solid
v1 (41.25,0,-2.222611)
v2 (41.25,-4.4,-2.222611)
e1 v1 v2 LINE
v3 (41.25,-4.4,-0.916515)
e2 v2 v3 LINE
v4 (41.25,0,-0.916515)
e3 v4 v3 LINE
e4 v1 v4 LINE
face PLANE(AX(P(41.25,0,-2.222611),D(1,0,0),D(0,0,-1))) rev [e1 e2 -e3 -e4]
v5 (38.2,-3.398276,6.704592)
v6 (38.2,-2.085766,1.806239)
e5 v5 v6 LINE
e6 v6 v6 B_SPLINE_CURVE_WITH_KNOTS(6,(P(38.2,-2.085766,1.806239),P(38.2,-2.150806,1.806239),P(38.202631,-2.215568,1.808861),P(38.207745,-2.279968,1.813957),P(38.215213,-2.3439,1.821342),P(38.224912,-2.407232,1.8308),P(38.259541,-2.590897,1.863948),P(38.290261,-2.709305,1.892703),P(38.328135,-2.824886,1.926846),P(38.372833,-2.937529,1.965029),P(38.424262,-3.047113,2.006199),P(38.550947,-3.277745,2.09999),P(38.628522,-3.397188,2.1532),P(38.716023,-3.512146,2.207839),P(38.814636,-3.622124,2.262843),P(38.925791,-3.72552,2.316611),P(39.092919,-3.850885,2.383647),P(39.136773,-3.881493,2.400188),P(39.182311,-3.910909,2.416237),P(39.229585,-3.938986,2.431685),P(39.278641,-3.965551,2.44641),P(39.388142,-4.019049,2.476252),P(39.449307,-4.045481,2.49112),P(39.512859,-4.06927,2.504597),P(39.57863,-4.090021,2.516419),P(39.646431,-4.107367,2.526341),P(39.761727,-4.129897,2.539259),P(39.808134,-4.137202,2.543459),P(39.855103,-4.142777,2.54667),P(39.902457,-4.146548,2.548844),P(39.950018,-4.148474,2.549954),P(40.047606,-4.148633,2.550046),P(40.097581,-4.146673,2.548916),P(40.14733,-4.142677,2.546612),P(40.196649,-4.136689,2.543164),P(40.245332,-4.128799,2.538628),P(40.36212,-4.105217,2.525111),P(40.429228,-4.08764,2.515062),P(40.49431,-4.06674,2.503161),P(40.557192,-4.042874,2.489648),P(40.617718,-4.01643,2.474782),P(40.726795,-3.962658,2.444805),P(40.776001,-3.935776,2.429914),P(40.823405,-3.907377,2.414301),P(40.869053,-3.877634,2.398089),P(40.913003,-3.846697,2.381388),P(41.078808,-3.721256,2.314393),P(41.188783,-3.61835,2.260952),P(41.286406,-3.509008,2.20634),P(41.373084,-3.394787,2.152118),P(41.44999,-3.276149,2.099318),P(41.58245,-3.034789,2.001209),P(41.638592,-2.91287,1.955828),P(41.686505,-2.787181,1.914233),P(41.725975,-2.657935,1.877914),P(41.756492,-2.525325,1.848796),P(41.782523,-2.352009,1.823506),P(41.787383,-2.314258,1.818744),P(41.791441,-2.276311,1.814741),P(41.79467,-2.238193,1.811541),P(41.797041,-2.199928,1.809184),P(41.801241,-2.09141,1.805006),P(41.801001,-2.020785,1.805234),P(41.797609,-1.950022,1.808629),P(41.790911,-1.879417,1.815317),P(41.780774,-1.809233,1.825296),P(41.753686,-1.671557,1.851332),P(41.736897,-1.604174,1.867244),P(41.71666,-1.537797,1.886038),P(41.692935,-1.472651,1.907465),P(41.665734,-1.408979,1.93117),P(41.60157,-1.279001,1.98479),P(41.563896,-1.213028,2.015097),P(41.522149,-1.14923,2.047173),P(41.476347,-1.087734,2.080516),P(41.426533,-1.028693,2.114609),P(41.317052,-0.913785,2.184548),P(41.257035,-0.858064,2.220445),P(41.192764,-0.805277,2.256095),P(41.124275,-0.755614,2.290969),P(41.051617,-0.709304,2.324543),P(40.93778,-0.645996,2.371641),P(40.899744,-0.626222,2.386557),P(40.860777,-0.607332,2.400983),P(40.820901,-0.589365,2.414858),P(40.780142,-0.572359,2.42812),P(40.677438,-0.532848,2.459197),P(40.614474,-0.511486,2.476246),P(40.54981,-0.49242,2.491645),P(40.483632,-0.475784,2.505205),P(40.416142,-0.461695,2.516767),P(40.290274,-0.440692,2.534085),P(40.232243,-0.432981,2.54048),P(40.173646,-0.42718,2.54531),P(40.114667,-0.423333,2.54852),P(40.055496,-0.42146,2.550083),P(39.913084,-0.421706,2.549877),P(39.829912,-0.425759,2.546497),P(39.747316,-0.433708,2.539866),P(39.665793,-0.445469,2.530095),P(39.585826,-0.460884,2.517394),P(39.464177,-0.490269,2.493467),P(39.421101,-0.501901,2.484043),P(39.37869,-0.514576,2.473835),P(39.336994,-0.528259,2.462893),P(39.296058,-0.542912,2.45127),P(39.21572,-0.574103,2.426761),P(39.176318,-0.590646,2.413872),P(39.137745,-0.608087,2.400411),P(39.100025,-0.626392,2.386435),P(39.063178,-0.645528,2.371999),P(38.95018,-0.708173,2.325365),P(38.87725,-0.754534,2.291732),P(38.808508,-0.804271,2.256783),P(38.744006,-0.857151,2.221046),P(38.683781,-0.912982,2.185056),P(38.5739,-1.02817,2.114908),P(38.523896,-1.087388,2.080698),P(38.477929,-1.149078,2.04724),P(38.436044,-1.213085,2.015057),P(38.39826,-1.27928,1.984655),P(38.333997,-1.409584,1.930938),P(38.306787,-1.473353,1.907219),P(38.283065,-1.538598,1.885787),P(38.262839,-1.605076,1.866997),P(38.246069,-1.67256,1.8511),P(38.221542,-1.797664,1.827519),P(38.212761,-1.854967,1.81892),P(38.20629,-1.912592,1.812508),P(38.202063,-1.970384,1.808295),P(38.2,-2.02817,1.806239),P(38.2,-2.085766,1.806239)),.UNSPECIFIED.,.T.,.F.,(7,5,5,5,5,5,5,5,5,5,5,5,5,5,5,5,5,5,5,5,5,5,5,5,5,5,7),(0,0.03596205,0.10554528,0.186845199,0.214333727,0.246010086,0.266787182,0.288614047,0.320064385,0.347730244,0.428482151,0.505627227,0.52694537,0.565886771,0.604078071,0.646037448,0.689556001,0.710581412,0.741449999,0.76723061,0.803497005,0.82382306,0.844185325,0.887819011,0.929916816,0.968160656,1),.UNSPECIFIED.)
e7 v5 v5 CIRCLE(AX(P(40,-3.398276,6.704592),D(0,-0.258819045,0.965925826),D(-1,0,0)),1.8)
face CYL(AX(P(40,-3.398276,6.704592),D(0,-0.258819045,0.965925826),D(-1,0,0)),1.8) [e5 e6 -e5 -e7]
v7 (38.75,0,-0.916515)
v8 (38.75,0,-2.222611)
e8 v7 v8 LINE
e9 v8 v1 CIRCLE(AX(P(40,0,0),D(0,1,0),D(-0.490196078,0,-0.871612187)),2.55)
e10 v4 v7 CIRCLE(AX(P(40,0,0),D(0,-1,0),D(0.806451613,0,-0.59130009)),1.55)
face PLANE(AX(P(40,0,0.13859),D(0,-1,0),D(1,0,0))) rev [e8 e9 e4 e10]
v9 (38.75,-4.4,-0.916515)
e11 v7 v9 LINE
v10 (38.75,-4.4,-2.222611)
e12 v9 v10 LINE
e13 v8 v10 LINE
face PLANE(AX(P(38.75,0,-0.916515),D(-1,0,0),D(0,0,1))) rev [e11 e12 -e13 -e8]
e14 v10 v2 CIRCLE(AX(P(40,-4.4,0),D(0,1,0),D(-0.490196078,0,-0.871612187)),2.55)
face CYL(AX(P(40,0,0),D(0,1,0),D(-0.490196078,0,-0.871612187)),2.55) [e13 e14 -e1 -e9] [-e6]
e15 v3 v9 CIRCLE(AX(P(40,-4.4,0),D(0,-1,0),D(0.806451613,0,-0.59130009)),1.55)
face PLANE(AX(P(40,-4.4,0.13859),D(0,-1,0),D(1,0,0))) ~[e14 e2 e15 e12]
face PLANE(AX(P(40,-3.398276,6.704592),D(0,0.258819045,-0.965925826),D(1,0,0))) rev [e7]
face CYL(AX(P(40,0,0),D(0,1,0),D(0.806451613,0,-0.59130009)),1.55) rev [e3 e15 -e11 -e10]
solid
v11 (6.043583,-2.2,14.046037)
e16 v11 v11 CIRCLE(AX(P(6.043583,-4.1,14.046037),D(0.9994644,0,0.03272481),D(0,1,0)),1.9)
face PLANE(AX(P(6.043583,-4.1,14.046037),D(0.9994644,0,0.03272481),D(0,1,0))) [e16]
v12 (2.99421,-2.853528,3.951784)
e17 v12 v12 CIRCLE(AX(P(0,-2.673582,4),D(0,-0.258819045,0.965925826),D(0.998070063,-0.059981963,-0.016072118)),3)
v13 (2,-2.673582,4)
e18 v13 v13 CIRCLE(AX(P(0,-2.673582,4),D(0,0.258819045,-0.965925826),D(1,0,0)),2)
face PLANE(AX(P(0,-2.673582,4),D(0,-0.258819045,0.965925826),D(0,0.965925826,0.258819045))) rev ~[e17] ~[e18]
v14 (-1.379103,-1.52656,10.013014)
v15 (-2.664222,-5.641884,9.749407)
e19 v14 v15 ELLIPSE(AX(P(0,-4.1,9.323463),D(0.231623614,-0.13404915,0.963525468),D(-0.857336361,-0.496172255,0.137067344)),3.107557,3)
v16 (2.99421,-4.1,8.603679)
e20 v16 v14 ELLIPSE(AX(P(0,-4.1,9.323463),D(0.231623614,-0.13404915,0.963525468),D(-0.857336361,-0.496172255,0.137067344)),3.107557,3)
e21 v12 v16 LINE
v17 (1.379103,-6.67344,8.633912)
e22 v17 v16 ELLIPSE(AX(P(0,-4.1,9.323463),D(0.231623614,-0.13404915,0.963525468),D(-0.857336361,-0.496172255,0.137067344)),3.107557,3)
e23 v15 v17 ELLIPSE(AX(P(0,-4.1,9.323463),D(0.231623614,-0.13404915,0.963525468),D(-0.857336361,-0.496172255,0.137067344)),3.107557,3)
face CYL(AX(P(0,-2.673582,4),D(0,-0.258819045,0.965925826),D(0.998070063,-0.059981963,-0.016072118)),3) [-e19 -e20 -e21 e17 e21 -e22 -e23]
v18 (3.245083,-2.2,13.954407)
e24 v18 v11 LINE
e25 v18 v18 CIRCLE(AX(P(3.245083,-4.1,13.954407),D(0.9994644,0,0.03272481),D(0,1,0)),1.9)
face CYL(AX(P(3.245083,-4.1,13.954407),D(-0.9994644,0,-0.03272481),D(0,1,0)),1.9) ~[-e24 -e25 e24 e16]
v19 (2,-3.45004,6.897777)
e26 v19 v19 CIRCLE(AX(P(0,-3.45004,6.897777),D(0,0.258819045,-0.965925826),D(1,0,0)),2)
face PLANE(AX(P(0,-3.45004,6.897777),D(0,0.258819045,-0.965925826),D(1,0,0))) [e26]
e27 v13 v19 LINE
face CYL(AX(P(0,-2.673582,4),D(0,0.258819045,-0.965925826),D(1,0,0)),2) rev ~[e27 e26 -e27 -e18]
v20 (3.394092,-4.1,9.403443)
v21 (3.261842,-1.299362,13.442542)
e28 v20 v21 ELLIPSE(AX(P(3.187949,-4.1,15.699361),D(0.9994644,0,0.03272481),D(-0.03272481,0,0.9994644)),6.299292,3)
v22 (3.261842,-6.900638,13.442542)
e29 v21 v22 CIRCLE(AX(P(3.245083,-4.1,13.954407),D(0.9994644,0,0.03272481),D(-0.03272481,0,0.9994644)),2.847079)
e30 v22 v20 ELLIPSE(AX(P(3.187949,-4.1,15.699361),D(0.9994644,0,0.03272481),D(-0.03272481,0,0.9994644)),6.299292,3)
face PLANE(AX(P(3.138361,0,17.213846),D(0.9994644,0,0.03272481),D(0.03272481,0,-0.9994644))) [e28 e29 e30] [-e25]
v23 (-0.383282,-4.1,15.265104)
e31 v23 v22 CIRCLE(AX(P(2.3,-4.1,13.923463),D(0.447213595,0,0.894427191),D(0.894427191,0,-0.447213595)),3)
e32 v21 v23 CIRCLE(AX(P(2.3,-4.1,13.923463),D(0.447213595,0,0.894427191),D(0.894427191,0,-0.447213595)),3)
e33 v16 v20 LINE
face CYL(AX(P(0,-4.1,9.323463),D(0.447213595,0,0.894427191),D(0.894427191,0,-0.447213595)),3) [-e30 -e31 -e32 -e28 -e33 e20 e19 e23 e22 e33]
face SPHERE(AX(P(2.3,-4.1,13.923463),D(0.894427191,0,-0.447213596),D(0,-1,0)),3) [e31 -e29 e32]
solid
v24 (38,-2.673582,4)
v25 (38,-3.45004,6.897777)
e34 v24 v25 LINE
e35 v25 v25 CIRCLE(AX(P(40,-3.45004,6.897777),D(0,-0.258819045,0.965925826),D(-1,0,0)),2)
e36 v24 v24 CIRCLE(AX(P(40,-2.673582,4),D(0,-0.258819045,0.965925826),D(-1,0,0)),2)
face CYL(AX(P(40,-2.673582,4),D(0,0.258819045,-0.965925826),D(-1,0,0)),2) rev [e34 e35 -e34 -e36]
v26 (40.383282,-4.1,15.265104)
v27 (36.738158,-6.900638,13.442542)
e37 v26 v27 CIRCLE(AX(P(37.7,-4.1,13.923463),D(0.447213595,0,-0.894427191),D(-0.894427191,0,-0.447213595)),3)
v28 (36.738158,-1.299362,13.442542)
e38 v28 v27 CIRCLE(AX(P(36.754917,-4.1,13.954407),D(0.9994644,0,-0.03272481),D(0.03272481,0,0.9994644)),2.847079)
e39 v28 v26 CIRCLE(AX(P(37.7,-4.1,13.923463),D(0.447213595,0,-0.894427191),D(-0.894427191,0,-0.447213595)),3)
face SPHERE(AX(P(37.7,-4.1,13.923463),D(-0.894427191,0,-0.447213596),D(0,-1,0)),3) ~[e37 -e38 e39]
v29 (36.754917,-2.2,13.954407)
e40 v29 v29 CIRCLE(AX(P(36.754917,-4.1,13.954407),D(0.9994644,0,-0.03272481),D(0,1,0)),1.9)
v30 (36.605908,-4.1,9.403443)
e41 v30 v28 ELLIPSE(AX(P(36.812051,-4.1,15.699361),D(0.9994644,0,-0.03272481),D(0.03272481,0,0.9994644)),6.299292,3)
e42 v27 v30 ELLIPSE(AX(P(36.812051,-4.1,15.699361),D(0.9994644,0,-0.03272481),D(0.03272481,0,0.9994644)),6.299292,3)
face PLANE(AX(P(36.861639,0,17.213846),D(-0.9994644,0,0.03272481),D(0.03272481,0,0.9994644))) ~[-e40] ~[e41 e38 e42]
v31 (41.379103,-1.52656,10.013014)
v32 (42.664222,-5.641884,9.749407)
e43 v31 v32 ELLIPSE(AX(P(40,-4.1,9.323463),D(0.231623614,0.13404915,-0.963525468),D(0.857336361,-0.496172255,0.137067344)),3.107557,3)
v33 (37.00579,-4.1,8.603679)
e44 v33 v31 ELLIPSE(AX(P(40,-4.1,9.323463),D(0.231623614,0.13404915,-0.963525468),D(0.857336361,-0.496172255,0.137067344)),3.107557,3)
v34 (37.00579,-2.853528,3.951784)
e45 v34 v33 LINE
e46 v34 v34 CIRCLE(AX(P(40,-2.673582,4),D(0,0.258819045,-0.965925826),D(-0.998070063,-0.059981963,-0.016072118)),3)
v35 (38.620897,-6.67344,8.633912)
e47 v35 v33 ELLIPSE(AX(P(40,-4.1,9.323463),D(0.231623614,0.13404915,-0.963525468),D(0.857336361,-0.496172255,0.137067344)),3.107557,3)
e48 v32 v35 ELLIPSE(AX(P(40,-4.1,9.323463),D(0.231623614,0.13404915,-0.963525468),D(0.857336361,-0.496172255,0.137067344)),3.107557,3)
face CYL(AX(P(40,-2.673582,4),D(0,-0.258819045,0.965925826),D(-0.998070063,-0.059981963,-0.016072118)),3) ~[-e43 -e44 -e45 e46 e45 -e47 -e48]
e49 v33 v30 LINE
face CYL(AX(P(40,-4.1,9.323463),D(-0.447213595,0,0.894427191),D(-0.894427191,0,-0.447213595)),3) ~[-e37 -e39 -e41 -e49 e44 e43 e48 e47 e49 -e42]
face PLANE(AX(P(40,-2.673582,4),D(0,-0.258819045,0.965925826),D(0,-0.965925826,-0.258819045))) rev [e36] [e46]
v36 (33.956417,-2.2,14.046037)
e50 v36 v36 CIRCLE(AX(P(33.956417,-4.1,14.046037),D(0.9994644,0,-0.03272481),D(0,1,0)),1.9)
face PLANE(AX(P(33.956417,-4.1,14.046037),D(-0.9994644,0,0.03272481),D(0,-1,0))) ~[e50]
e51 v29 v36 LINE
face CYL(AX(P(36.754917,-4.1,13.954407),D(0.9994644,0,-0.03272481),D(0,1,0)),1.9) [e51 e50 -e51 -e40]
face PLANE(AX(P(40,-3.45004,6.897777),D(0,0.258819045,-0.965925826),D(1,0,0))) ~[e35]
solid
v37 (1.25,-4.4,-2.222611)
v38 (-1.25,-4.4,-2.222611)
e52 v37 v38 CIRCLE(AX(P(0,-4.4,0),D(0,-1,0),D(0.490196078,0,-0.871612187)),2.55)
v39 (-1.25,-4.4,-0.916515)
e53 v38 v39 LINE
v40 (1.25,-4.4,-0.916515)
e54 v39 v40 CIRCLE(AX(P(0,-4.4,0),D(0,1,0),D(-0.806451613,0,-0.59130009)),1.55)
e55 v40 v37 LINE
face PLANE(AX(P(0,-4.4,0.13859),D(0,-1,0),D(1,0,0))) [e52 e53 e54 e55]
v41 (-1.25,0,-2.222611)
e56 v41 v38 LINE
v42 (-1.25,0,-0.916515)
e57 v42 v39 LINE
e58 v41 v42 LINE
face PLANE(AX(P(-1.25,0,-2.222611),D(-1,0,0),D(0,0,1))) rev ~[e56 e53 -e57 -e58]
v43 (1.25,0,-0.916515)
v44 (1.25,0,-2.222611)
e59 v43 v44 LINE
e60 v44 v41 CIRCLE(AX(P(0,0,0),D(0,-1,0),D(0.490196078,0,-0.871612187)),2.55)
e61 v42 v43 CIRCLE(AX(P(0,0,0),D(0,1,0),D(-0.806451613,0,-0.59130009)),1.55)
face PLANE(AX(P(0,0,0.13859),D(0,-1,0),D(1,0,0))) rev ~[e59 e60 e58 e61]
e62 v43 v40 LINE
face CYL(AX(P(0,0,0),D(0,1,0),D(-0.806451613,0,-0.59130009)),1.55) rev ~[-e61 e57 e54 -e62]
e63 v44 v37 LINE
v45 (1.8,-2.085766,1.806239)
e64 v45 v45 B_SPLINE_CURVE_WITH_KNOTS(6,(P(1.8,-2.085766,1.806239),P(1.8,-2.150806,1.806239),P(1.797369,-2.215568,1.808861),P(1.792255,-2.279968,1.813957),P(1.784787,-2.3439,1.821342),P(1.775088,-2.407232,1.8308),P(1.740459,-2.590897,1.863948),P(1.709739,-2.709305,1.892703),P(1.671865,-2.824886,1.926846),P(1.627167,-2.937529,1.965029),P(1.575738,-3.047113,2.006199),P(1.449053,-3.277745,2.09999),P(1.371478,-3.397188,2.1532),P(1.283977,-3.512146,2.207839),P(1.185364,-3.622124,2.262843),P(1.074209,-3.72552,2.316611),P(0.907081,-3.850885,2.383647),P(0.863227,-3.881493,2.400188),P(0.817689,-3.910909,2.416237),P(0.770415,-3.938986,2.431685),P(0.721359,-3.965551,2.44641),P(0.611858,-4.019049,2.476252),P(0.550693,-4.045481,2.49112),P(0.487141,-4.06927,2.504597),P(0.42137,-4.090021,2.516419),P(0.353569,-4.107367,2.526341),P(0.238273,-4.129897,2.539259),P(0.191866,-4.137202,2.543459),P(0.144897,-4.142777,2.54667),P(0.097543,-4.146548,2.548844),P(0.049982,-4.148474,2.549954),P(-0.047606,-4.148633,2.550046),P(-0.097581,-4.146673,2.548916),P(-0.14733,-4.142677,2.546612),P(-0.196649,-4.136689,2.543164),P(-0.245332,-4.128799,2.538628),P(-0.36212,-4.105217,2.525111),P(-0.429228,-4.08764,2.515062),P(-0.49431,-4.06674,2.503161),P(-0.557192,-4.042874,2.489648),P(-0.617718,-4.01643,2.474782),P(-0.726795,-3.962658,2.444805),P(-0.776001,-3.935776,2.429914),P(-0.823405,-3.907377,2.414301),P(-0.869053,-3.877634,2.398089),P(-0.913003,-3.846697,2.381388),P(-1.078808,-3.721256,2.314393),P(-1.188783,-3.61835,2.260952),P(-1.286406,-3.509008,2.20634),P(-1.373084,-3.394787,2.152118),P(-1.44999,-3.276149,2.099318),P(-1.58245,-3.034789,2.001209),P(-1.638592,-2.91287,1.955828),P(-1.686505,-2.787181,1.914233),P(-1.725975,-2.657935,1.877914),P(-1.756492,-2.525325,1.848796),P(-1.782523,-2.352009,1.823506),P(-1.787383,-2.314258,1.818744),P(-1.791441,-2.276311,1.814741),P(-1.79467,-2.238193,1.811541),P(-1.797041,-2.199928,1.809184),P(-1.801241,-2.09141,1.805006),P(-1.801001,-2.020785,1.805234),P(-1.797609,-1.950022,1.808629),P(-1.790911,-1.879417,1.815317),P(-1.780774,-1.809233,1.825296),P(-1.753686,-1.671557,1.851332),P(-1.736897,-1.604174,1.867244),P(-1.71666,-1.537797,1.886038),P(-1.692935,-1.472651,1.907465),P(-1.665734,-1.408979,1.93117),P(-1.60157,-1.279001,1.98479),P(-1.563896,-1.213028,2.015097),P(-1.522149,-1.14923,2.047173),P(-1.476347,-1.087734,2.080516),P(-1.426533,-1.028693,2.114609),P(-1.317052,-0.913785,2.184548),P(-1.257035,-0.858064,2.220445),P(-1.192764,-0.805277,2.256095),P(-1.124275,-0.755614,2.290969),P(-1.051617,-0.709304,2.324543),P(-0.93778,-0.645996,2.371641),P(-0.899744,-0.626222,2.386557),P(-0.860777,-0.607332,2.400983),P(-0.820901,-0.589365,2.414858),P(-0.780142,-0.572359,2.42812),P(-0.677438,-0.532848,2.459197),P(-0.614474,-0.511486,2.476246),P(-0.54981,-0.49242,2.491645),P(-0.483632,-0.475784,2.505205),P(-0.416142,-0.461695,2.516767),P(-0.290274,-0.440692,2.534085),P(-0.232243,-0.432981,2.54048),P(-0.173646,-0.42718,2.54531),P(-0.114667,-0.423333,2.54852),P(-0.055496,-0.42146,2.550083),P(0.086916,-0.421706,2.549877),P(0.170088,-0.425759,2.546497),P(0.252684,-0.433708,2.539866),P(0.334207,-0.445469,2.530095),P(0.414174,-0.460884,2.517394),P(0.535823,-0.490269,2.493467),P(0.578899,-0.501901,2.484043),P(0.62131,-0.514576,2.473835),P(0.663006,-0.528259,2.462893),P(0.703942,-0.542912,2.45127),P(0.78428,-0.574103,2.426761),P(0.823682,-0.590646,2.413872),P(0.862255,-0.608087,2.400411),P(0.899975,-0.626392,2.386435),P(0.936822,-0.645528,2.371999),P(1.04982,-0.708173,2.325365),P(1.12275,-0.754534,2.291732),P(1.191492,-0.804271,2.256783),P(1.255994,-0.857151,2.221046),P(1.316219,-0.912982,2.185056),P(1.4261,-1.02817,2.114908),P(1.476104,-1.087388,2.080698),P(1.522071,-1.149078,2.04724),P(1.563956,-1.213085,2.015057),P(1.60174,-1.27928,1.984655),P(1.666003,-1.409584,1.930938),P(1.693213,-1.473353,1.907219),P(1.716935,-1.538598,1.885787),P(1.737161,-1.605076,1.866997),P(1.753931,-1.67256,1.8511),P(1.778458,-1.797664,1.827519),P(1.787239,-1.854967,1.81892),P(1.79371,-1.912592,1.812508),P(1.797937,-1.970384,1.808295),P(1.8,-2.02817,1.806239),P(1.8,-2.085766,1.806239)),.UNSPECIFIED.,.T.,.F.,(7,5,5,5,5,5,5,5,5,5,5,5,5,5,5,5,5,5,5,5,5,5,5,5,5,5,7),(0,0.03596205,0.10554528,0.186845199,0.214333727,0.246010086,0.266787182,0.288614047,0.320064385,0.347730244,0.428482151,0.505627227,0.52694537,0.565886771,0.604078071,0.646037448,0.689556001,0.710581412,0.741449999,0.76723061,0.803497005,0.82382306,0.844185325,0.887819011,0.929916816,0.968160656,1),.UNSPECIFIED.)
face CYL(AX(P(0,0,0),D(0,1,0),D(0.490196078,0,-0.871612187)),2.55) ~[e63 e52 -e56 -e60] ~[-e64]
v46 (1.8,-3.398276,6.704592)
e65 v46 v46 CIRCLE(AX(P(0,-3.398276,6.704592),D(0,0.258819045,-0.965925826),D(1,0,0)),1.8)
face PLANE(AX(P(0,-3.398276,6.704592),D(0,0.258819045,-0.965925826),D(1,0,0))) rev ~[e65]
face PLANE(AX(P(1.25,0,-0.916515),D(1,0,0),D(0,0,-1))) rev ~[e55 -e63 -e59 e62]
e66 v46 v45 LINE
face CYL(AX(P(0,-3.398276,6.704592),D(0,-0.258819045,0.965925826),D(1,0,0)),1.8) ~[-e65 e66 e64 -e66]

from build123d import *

# Parameters (mm, degrees)
F1_DEPTH  = 4.4
F6_R      = 3
F10_R     = 2
F11_DEPTH = 3
F13_R     = 1.8
F16_DEPTH = 25
F17_R     = 1.9
F18_DEPTH = 2.8


with BuildPart() as f1:
    # F0 (on Front) → F1 (new body)
    with BuildSketch(Plane.XZ):
        with BuildLine():
            Line((1.25, -0.916515139), (1.25, -2.2226110771))
            ThreePointArc((1.25, -2.2226110771), (0, 2.55), (-1.25, -2.2226110771))
            Line((-1.25, -2.2226110771), (-1.25, -0.916515139))
            ThreePointArc((-1.25, -0.916515139), (0, 1.55), (1.25, -0.916515139))
        make_face()
    extrude(amount=F1_DEPTH)

    # F13 (on offset) → F14 (join, up to the next surface of F1)
    with BuildSketch(Plane(origin=(0, -1.90378939, 7.1050387303), x_dir=(1, 0, 0), z_dir=(0, 0.2588190451, -0.9659258263))):
        with Locations((0, 1.5472061438)):
            Circle(F13_R)
    extrude(until=Until.NEXT)


with BuildPart() as f7:
    # F7: sweep along a path in F7_path
    with BuildLine(Plane(origin=(0, -2.6735824366, 4), x_dir=(-0.8814124167, -0.4723474905, 0), z_dir=(0.4597008434, -0.8578134519, -0.2298504217))) as f7_path:
        Line((0, 0), (0.6737647565, -5.4699144883))
        Line((0.6737647565, -5.4699144883), (-1.3534838018, -10.1964632591))
    # F6 (on line) → F7 (sweep)
    with BuildSketch(Plane(origin=(6.0293851278, 0, 12.0587702557), x_dir=(0.894427191, 0, -0.4472135955), z_dir=(0.4472135955, 0, 0.894427191))):
        with Locations((-4.16957933, -4.1)):
            Circle(F6_R)
    sweep(path=f7_path.line, transition=Transition.RIGHT)

    # F8 (on face) → F9 (revolve)
    with BuildSketch(Plane(origin=(6.0293851278, 0, 12.0587702557), x_dir=(0.894427191, 0, -0.4472135955), z_dir=(0.4472135955, 0, 0.894427191))):
        with BuildLine():
            Line((-1.16957933, -4.1), (-7.16957933, -4.1))
            ThreePointArc((-7.16957933, -4.1), (-4.16957933, -7.1), (-1.16957933, -4.1))
        make_face()
    revolve(axis=Axis((2.3, -4.1, 13.9234628196), (0.894427191, 0, -0.4472135955)))

    # F10 (on face) → F11 (cut)
    with BuildSketch(Plane(origin=(0, -1.1790960637, 4.4004464167), x_dir=(1, 0, 0), z_dir=(0, 0.2588190451, -0.9659258263))):
        with Locations((0, 1.5472061438)):
            Circle(F10_R)
    extrude(amount=-F11_DEPTH, mode=Mode.SUBTRACT)

    # F15 (on Front) → F16 (cut)
    with BuildSketch(Plane.XZ):
        Polygon((19.7431911525, 6.4305428985), (14.3870584792, 19.6048300817), (3.1383610708, 17.2138456373), (3.6037557404, 3), align=None)
    extrude(amount=F16_DEPTH, mode=Mode.SUBTRACT)

    # F17 (on face) → F18 (join)
    with BuildSketch(Plane(origin=(3.6980182798, 0, 0.1210817987), x_dir=(0, 1, 0), z_dir=(0.9994644, 0, 0.0327248104))):
        with Locations((-4.1, 13.8407383482)):
            Circle(F17_R)
    extrude(amount=F18_DEPTH)


with BuildPart() as f20_1:
    # F20: instance of F7
    add(f7.part.mirror(Plane.YZ.offset(20)))


with BuildPart() as f20_2:
    # F20: instance of F1
    add(f1.part.mirror(Plane.YZ.offset(20)))


solid = Compound([f1.part, f7.part, f20_1.part, f20_2.part])
